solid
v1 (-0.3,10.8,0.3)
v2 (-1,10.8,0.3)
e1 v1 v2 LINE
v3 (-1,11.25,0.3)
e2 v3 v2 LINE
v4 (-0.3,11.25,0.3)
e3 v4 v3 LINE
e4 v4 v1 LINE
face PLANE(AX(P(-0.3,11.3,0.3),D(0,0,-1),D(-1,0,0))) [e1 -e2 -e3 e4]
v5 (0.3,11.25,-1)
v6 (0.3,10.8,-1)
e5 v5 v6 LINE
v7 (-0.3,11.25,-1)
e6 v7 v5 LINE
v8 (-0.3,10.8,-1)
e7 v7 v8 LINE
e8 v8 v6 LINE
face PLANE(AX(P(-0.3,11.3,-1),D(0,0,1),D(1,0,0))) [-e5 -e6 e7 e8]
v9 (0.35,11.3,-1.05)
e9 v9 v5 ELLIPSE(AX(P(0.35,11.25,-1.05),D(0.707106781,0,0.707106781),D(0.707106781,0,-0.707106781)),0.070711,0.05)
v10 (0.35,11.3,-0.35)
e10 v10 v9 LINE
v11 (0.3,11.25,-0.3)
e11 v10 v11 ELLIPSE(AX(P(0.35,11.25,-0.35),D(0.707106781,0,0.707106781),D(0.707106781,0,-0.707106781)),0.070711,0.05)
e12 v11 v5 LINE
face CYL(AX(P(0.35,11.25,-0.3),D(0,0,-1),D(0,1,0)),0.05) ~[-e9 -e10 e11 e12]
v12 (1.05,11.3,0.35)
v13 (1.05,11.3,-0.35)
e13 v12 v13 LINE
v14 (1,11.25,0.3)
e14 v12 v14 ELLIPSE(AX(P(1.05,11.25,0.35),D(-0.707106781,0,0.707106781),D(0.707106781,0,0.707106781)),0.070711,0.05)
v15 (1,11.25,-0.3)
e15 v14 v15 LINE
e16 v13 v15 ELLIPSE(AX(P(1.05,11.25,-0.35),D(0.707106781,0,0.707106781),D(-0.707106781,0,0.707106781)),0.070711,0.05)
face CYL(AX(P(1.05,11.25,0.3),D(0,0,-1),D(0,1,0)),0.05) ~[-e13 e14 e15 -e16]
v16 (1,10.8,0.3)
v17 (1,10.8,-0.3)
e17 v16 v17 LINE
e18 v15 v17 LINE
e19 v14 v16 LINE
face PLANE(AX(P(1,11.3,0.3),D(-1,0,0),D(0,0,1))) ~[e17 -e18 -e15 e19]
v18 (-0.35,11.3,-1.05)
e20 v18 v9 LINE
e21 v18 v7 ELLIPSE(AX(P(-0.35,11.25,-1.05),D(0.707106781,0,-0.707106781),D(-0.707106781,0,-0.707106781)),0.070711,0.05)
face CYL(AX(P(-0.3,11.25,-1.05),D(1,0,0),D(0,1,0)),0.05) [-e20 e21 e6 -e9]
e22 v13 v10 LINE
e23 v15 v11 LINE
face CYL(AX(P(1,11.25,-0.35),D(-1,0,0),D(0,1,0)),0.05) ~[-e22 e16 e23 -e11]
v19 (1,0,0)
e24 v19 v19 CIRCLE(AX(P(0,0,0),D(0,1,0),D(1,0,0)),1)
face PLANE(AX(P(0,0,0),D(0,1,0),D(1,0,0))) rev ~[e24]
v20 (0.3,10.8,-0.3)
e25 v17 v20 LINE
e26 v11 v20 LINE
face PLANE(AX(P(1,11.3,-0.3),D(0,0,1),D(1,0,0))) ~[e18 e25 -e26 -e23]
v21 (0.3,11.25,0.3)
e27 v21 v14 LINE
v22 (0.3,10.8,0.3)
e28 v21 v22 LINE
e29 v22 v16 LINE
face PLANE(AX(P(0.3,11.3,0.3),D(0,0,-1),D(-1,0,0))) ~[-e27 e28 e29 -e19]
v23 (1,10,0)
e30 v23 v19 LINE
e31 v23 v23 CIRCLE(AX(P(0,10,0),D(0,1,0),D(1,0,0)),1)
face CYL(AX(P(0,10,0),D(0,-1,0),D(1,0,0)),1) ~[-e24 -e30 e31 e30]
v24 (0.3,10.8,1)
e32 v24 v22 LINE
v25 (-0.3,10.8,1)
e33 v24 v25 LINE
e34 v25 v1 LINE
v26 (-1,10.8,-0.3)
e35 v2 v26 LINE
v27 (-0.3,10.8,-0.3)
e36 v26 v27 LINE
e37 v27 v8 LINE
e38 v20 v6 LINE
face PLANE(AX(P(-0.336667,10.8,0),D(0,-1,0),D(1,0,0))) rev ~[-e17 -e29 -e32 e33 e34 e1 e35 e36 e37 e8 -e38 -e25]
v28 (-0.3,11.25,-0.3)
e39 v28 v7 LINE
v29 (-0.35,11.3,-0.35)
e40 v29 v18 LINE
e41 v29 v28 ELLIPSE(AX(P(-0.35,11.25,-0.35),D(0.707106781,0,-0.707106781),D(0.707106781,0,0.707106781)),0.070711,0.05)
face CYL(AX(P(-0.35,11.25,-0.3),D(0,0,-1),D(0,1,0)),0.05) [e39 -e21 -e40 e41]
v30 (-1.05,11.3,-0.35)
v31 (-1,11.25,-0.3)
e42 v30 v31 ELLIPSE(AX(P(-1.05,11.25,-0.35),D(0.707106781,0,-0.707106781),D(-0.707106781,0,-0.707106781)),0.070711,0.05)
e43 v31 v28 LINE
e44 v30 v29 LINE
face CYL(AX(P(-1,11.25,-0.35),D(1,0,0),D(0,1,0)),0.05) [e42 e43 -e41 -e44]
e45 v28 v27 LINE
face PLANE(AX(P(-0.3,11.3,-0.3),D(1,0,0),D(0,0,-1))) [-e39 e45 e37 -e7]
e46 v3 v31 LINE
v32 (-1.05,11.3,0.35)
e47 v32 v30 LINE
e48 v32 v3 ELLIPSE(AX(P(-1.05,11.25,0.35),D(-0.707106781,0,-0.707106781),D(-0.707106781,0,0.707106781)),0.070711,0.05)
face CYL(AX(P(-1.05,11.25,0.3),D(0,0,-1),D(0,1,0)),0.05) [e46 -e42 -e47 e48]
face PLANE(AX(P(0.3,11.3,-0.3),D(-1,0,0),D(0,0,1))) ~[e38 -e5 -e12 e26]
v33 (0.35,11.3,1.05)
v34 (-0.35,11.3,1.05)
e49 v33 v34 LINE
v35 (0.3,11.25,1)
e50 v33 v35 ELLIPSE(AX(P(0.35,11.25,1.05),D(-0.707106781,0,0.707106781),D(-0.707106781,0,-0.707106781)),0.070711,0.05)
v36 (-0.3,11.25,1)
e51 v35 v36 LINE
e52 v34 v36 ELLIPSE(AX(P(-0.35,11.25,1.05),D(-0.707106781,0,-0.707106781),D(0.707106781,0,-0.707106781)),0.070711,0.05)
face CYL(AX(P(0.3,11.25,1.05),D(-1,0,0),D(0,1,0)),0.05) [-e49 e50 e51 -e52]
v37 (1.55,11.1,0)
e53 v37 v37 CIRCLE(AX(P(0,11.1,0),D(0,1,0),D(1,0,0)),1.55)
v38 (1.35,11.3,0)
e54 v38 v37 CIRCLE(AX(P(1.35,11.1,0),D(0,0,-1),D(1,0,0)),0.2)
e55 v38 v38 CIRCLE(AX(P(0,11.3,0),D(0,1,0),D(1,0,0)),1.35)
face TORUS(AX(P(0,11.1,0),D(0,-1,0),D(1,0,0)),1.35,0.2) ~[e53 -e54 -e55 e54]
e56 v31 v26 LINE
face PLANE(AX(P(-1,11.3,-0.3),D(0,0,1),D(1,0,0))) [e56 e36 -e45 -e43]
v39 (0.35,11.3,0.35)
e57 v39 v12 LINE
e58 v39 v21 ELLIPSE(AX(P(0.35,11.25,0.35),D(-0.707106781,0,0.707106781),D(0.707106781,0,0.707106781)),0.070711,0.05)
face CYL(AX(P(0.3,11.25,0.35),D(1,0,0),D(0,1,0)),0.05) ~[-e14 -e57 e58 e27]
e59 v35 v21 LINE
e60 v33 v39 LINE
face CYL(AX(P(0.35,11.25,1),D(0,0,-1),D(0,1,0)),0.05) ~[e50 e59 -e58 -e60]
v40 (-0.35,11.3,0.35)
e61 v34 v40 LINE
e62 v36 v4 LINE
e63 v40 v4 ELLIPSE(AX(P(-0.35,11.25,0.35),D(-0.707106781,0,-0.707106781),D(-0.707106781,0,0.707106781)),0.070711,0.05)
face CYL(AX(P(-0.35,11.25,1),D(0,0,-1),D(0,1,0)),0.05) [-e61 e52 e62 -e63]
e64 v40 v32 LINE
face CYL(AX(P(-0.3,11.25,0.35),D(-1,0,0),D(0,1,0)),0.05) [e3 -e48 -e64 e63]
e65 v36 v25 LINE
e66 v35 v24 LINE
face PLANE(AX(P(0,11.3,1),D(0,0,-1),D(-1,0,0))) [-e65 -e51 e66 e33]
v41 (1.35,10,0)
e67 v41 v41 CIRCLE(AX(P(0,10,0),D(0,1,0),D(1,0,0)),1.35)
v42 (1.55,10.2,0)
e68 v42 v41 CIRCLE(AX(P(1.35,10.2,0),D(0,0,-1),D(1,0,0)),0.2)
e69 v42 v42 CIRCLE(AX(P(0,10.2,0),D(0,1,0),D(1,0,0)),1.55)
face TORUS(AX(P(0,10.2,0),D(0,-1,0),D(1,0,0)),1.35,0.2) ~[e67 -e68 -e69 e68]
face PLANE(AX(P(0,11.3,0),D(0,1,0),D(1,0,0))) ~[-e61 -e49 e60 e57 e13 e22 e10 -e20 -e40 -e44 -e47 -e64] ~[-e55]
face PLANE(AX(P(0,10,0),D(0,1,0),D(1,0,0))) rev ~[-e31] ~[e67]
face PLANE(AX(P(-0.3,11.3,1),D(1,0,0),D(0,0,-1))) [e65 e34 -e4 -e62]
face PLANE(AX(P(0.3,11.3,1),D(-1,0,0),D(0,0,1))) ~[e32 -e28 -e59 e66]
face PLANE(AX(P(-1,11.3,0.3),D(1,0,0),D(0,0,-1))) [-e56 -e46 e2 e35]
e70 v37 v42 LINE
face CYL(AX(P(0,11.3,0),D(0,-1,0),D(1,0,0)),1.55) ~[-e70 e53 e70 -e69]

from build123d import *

# Parameters (mm, degrees)
FILLET_R     = 0.2
POCKET_DEPTH = 0.5
FILLET001_R  = 0.05


with BuildPart() as part:
    # Sketch → Revolution (revolve)
    with BuildSketch(Plane.XY):
        Polygon((0, 0), (0, 11.3), (1.55, 11.3), (1.55, 10), (1, 10), (1, 0), align=None)
    revolve(axis=Axis((0, 0, 0), (0, 1, 0)))

    # Fillet
    fillet_edges = [part.edges().sort_by_distance(p)[0] for p in [
        (-1.55, 11.3, 0),
        (-1.55, 10, 0),
    ]]
    fillet(fillet_edges, radius=FILLET_R)

    # Sketch001 (on Face1 of Fillet) → Pocket (cut)
    with BuildSketch(Plane(origin=(0, 11.3, 0), x_dir=(-1, 0, 0), z_dir=(0, 1, 0))):
        Polygon((0, 1), (0.3, 1), (0.3, 0.3), (1, 0.3), (1, -0.3), (0.3, -0.3), (0.3, -1), (0, -1), align=None)
    pocket = extrude(amount=-POCKET_DEPTH, mode=Mode.SUBTRACT)

    # Mirrored: Pocket across Sketch001 V_Axis
    add(pocket.mirror(Plane(origin=(0, 11.3, 0), x_dir=(0, 1, 0), z_dir=(-1, 0, 0))), mode=Mode.SUBTRACT)

    # Fillet001
    fillet001_edges = [part.edges().sort_by_distance(p)[0] for p in [
        (-0.65, 11.3, 0.3),
        (-1, 11.3, 0),
        (-0.65, 11.3, -0.3),
        (-0.3, 11.3, -0.65),
        (-0.15, 11.3, -1),
        (0.15, 11.3, -1),
        (0.3, 11.3, -0.65),
        (0.65, 11.3, -0.3),
        (0.65, 11.3, 0.3),
        (1, 11.3, 0),
        (0.3, 11.3, 0.65),
        (-0.3, 11.3, 0.65),
        (-0.15, 11.3, 1),
        (0.15, 11.3, 1),
    ]]
    fillet(fillet001_edges, radius=FILLET001_R)


solid = part.part
